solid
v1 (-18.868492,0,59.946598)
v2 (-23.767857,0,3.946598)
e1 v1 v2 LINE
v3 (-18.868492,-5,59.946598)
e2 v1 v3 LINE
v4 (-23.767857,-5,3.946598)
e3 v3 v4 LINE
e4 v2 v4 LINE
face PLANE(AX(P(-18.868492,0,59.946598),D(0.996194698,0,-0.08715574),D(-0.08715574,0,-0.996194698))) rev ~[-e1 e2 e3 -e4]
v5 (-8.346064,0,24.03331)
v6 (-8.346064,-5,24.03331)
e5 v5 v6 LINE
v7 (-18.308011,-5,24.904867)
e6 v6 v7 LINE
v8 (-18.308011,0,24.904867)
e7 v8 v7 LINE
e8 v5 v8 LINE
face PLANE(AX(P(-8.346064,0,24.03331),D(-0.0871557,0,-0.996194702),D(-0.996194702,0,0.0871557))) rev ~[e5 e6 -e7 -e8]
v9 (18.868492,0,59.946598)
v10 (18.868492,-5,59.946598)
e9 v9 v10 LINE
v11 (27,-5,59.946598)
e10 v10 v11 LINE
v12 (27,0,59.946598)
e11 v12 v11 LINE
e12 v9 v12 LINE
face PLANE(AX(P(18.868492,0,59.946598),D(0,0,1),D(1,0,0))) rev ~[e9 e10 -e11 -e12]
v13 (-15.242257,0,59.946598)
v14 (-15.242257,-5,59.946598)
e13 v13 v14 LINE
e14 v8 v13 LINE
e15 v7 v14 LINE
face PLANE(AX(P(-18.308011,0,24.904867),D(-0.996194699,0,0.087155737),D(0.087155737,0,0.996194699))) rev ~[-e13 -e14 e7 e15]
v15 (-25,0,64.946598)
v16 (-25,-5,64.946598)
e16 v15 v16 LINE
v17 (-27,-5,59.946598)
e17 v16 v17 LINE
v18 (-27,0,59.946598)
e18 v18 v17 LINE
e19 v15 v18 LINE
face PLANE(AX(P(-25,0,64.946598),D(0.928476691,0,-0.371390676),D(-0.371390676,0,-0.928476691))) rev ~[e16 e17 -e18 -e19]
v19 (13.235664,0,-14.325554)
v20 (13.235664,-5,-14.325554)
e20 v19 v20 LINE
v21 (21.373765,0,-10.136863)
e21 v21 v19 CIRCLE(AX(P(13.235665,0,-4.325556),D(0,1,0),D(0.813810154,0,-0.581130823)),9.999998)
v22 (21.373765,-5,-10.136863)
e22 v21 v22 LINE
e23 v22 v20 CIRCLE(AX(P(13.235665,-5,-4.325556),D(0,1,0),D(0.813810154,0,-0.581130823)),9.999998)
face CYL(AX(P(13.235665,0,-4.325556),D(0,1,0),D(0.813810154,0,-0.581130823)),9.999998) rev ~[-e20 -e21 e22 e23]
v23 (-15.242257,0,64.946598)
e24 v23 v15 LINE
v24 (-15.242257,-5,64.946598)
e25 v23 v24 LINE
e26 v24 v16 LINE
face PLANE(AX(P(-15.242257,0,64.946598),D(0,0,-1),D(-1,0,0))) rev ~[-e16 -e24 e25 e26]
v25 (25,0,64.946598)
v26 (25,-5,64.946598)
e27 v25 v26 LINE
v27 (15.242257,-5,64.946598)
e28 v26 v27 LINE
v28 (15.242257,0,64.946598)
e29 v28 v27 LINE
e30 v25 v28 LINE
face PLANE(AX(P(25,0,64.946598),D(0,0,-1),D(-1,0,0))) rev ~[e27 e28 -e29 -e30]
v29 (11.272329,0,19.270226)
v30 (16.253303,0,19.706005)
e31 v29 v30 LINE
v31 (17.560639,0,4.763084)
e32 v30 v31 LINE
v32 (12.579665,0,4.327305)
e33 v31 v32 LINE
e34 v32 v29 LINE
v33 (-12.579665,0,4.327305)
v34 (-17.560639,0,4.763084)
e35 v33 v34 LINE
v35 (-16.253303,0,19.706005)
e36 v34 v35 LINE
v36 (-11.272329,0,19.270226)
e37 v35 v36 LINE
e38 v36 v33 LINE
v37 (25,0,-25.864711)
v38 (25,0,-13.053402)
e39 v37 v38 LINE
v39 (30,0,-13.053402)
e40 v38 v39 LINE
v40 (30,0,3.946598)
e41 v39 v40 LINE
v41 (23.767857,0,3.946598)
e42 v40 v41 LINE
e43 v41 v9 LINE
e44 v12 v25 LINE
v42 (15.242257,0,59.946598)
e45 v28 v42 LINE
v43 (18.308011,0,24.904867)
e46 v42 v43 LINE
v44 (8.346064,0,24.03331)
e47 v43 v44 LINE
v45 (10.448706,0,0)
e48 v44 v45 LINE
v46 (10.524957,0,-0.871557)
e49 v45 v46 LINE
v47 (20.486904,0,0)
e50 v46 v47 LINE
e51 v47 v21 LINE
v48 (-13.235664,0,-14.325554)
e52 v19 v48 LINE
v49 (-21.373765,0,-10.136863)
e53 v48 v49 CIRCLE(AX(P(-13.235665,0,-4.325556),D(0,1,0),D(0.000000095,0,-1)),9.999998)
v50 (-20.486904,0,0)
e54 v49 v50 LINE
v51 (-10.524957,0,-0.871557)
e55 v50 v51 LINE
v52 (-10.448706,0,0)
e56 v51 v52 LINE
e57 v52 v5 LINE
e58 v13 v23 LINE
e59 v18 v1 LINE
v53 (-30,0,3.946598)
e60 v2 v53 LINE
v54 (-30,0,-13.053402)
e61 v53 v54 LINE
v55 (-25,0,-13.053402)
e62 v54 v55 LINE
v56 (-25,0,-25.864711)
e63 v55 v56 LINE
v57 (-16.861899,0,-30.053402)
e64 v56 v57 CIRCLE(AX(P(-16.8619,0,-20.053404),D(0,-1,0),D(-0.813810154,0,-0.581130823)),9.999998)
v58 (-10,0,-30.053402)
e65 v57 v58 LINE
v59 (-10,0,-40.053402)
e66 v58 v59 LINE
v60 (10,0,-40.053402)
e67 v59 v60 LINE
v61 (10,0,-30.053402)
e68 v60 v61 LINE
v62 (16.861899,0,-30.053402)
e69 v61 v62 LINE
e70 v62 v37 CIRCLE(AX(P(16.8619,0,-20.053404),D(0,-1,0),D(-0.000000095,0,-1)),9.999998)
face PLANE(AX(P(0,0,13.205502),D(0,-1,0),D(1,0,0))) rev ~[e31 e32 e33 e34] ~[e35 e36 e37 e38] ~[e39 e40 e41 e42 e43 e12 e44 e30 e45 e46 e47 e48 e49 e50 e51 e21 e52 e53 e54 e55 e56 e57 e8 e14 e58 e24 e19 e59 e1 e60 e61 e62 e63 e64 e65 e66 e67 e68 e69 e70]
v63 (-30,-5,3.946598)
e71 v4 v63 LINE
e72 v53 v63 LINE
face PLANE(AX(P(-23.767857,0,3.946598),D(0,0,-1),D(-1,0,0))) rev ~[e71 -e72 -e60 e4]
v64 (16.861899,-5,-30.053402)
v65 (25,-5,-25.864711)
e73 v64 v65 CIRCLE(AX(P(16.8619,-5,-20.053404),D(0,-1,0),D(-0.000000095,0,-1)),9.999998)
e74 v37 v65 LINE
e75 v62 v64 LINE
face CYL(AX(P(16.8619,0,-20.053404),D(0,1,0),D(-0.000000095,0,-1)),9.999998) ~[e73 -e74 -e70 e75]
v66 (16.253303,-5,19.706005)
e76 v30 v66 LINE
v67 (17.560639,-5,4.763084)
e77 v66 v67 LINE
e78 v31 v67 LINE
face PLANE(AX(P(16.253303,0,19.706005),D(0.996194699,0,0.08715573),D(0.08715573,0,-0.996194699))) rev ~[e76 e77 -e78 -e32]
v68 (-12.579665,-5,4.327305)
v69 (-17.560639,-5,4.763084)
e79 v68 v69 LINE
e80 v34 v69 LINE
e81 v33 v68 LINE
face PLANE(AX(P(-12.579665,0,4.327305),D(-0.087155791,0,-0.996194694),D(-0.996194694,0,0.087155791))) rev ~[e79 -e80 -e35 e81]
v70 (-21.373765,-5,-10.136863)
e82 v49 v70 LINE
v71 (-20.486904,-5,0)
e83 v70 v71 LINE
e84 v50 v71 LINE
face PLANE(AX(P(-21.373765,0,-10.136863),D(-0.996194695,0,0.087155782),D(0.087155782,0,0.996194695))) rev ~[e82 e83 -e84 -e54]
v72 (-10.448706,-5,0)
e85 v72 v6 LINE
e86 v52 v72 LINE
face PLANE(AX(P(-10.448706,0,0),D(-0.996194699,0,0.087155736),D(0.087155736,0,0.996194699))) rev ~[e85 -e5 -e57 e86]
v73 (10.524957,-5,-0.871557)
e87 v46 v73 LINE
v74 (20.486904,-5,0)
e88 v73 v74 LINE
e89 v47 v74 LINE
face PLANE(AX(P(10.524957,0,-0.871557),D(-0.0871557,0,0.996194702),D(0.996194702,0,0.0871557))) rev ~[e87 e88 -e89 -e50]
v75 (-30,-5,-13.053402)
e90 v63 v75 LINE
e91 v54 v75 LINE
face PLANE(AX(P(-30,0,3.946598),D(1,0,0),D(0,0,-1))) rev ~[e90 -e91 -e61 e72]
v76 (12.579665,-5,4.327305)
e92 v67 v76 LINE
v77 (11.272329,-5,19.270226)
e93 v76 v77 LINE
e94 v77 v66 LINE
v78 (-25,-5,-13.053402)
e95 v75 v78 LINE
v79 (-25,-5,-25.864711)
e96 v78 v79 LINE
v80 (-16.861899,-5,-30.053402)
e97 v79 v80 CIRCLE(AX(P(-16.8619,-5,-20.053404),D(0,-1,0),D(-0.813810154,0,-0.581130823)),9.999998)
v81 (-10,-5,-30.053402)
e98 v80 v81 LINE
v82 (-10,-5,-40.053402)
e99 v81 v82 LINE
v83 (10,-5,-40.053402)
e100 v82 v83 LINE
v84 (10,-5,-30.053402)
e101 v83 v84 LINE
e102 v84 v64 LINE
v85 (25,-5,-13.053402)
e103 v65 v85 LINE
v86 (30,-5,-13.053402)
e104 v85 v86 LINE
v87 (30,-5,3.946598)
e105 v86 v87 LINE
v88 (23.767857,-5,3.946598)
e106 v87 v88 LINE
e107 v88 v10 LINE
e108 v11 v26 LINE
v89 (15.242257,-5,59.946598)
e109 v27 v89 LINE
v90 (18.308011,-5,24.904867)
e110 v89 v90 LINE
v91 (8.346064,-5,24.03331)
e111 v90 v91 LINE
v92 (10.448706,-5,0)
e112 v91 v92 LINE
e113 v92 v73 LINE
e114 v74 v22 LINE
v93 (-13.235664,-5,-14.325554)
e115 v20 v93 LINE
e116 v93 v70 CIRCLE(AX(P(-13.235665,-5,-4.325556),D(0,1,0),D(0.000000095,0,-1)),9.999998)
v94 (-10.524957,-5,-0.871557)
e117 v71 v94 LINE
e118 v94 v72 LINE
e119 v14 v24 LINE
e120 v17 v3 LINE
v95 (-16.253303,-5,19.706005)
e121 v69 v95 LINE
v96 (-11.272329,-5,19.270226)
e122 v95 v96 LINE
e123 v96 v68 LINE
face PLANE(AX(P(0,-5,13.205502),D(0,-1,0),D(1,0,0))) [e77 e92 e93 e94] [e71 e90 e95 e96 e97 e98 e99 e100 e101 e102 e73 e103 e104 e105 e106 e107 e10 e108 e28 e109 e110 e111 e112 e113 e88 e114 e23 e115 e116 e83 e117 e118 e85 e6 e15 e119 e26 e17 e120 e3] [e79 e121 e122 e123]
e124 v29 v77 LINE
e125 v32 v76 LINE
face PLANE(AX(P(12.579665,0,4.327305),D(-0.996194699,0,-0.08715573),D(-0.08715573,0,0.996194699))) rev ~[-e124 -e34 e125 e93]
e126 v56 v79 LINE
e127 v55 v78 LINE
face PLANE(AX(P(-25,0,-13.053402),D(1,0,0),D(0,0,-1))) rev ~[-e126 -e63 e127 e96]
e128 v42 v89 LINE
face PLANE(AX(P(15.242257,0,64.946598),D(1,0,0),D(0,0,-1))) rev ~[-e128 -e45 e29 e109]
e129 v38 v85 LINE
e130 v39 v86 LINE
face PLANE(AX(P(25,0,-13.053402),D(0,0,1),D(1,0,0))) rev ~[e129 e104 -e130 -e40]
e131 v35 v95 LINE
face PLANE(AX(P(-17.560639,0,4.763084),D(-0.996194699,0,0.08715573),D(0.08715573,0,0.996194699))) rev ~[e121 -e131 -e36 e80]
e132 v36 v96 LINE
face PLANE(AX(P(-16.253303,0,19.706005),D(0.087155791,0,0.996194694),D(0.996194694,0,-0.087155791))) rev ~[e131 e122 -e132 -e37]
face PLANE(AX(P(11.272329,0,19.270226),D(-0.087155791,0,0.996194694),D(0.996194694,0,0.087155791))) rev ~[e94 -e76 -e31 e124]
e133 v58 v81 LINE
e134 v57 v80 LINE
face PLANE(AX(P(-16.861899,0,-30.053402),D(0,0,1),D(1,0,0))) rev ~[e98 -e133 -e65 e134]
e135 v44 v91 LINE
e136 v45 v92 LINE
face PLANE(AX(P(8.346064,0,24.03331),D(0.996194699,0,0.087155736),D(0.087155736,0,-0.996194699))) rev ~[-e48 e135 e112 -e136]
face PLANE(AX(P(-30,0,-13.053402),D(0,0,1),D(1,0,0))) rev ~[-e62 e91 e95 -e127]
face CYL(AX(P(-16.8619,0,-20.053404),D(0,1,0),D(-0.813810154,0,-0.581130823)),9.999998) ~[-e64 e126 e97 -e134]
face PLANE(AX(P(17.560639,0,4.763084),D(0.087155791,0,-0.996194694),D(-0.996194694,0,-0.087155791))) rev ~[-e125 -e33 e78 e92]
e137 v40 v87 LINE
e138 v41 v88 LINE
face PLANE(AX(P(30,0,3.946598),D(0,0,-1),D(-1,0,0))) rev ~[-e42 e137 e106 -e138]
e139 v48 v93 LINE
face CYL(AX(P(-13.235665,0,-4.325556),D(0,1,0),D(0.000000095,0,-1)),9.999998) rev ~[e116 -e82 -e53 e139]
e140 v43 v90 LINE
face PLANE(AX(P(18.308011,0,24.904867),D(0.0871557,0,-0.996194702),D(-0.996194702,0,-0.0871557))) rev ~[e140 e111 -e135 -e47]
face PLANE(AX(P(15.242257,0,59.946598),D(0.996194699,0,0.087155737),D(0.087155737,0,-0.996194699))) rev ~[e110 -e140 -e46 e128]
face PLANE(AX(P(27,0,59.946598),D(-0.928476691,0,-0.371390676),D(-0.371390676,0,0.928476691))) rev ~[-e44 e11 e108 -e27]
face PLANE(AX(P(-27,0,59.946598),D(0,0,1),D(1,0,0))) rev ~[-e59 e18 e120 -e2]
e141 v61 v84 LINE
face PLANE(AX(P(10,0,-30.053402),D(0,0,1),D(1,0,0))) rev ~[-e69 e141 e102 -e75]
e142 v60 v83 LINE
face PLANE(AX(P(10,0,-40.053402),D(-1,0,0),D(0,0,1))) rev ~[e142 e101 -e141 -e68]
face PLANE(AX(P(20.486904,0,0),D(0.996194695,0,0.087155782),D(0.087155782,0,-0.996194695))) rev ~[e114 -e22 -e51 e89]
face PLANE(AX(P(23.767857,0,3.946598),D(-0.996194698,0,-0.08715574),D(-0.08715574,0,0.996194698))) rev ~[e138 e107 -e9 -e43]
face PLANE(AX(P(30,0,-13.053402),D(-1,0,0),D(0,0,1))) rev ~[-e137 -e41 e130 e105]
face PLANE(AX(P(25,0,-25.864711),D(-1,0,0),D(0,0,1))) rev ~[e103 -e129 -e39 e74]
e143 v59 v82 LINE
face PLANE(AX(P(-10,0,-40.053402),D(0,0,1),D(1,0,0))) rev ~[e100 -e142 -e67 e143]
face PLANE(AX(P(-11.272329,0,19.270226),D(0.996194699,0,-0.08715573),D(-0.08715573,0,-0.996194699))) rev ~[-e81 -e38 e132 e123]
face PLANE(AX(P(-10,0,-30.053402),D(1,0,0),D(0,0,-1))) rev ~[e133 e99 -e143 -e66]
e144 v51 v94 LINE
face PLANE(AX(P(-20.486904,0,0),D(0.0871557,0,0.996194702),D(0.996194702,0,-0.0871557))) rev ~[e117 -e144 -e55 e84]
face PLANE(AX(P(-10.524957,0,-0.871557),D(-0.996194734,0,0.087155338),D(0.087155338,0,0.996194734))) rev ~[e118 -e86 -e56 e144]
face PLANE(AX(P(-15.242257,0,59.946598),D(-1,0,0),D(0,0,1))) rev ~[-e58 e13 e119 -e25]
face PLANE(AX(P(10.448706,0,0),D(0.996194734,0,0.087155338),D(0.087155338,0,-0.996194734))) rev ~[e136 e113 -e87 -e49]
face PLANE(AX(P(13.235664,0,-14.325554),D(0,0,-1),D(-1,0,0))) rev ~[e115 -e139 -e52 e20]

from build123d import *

# Parameters (mm, degrees)
F1_DEPTH = 5


with BuildPart() as f1:
    # F0 (on Front) → F1 (new body)
    with BuildSketch(Plane.XZ):
        with BuildLine():
            ThreePointArc((-25, -25.864711), (-21.438301, -28.944777), (-16.861899, -30.053402))
            Line((-16.861899, -30.053402), (-10, -30.053402))
            Line((-10, -30.053402), (-10, -40.053402))
            Line((-10, -40.053402), (10, -40.053402))
            Line((10, -40.053402), (10, -30.053402))
            Line((10, -30.053402), (16.861899, -30.053402))
            ThreePointArc((16.861899, -30.053402), (21.438301, -28.944777), (25, -25.864711))
            Line((25, -25.864711), (25, -13.053402))
            Line((25, -13.053402), (30, -13.053402))
            Line((30, -13.053402), (30, 3.946598))
            Line((30, 3.946598), (23.767857, 3.946598))
            Line((23.767857, 3.946598), (18.868492, 59.946598))
            Line((18.868492, 59.946598), (25, 59.946598))
            Line((25, 59.946598), (27, 59.946598))
            Line((27, 59.946598), (25, 64.946598))
            Line((25, 64.946598), (21, 64.946598))
            Line((21, 64.946598), (15.242257, 64.946598))
            Line((15.242257, 64.946598), (15.242257, 59.946598))
            Line((15.242257, 59.946598), (18.308011, 24.904867))
            Line((18.308011, 24.904867), (8.346064, 24.03331))
            Line((8.346064, 24.03331), (10.448706, 0))
            Line((10.448706, 0), (10.524957, -0.871557))
            Line((10.524957, -0.871557), (20.486904, 0))
            Line((20.486904, 0), (21.373765, -10.136863))
            ThreePointArc((21.373765, -10.136863), (17.812066, -13.216929), (13.235664, -14.325554))
            Line((13.235664, -14.325554), (-13.235664, -14.325554))
            ThreePointArc((-13.235664, -14.325554), (-17.812066, -13.216929), (-21.373765, -10.136863))
            Line((-21.373765, -10.136863), (-20.486904, 0))
            Line((-20.486904, 0), (-10.524957, -0.871557))
            Line((-10.524957, -0.871557), (-10.448706, 0))
            Line((-10.448706, 0), (-8.346064, 24.03331))
            Line((-8.346064, 24.03331), (-18.308011, 24.904867))
            Line((-18.308011, 24.904867), (-15.242257, 59.946598))
            Line((-15.242257, 59.946598), (-15.242257, 64.946598))
            Line((-15.242257, 64.946598), (-21, 64.946598))
            Line((-21, 64.946598), (-25, 64.946598))
            Line((-25, 64.946598), (-27, 59.946598))
            Line((-27, 59.946598), (-25, 59.946598))
            Line((-25, 59.946598), (-18.868492, 59.946598))
            Line((-18.868492, 59.946598), (-23.767857, 3.946598))
            Line((-23.767857, 3.946598), (-30, 3.946598))
            Line((-30, 3.946598), (-30, -13.053402))
            Line((-30, -13.053402), (-25, -13.053402))
            Line((-25, -13.053402), (-25, -25.864711))
        make_face()
        Polygon((-17.560639, 4.763084), (-16.253303, 19.706005), (-11.272329, 19.270226), (-12.579665, 4.327305), align=None, mode=Mode.SUBTRACT)
        Polygon((16.253303, 19.706005), (17.560639, 4.763084), (12.579665, 4.327305), (11.272329, 19.270226), align=None, mode=Mode.SUBTRACT)
    extrude(amount=F1_DEPTH)


solid = f1.part
